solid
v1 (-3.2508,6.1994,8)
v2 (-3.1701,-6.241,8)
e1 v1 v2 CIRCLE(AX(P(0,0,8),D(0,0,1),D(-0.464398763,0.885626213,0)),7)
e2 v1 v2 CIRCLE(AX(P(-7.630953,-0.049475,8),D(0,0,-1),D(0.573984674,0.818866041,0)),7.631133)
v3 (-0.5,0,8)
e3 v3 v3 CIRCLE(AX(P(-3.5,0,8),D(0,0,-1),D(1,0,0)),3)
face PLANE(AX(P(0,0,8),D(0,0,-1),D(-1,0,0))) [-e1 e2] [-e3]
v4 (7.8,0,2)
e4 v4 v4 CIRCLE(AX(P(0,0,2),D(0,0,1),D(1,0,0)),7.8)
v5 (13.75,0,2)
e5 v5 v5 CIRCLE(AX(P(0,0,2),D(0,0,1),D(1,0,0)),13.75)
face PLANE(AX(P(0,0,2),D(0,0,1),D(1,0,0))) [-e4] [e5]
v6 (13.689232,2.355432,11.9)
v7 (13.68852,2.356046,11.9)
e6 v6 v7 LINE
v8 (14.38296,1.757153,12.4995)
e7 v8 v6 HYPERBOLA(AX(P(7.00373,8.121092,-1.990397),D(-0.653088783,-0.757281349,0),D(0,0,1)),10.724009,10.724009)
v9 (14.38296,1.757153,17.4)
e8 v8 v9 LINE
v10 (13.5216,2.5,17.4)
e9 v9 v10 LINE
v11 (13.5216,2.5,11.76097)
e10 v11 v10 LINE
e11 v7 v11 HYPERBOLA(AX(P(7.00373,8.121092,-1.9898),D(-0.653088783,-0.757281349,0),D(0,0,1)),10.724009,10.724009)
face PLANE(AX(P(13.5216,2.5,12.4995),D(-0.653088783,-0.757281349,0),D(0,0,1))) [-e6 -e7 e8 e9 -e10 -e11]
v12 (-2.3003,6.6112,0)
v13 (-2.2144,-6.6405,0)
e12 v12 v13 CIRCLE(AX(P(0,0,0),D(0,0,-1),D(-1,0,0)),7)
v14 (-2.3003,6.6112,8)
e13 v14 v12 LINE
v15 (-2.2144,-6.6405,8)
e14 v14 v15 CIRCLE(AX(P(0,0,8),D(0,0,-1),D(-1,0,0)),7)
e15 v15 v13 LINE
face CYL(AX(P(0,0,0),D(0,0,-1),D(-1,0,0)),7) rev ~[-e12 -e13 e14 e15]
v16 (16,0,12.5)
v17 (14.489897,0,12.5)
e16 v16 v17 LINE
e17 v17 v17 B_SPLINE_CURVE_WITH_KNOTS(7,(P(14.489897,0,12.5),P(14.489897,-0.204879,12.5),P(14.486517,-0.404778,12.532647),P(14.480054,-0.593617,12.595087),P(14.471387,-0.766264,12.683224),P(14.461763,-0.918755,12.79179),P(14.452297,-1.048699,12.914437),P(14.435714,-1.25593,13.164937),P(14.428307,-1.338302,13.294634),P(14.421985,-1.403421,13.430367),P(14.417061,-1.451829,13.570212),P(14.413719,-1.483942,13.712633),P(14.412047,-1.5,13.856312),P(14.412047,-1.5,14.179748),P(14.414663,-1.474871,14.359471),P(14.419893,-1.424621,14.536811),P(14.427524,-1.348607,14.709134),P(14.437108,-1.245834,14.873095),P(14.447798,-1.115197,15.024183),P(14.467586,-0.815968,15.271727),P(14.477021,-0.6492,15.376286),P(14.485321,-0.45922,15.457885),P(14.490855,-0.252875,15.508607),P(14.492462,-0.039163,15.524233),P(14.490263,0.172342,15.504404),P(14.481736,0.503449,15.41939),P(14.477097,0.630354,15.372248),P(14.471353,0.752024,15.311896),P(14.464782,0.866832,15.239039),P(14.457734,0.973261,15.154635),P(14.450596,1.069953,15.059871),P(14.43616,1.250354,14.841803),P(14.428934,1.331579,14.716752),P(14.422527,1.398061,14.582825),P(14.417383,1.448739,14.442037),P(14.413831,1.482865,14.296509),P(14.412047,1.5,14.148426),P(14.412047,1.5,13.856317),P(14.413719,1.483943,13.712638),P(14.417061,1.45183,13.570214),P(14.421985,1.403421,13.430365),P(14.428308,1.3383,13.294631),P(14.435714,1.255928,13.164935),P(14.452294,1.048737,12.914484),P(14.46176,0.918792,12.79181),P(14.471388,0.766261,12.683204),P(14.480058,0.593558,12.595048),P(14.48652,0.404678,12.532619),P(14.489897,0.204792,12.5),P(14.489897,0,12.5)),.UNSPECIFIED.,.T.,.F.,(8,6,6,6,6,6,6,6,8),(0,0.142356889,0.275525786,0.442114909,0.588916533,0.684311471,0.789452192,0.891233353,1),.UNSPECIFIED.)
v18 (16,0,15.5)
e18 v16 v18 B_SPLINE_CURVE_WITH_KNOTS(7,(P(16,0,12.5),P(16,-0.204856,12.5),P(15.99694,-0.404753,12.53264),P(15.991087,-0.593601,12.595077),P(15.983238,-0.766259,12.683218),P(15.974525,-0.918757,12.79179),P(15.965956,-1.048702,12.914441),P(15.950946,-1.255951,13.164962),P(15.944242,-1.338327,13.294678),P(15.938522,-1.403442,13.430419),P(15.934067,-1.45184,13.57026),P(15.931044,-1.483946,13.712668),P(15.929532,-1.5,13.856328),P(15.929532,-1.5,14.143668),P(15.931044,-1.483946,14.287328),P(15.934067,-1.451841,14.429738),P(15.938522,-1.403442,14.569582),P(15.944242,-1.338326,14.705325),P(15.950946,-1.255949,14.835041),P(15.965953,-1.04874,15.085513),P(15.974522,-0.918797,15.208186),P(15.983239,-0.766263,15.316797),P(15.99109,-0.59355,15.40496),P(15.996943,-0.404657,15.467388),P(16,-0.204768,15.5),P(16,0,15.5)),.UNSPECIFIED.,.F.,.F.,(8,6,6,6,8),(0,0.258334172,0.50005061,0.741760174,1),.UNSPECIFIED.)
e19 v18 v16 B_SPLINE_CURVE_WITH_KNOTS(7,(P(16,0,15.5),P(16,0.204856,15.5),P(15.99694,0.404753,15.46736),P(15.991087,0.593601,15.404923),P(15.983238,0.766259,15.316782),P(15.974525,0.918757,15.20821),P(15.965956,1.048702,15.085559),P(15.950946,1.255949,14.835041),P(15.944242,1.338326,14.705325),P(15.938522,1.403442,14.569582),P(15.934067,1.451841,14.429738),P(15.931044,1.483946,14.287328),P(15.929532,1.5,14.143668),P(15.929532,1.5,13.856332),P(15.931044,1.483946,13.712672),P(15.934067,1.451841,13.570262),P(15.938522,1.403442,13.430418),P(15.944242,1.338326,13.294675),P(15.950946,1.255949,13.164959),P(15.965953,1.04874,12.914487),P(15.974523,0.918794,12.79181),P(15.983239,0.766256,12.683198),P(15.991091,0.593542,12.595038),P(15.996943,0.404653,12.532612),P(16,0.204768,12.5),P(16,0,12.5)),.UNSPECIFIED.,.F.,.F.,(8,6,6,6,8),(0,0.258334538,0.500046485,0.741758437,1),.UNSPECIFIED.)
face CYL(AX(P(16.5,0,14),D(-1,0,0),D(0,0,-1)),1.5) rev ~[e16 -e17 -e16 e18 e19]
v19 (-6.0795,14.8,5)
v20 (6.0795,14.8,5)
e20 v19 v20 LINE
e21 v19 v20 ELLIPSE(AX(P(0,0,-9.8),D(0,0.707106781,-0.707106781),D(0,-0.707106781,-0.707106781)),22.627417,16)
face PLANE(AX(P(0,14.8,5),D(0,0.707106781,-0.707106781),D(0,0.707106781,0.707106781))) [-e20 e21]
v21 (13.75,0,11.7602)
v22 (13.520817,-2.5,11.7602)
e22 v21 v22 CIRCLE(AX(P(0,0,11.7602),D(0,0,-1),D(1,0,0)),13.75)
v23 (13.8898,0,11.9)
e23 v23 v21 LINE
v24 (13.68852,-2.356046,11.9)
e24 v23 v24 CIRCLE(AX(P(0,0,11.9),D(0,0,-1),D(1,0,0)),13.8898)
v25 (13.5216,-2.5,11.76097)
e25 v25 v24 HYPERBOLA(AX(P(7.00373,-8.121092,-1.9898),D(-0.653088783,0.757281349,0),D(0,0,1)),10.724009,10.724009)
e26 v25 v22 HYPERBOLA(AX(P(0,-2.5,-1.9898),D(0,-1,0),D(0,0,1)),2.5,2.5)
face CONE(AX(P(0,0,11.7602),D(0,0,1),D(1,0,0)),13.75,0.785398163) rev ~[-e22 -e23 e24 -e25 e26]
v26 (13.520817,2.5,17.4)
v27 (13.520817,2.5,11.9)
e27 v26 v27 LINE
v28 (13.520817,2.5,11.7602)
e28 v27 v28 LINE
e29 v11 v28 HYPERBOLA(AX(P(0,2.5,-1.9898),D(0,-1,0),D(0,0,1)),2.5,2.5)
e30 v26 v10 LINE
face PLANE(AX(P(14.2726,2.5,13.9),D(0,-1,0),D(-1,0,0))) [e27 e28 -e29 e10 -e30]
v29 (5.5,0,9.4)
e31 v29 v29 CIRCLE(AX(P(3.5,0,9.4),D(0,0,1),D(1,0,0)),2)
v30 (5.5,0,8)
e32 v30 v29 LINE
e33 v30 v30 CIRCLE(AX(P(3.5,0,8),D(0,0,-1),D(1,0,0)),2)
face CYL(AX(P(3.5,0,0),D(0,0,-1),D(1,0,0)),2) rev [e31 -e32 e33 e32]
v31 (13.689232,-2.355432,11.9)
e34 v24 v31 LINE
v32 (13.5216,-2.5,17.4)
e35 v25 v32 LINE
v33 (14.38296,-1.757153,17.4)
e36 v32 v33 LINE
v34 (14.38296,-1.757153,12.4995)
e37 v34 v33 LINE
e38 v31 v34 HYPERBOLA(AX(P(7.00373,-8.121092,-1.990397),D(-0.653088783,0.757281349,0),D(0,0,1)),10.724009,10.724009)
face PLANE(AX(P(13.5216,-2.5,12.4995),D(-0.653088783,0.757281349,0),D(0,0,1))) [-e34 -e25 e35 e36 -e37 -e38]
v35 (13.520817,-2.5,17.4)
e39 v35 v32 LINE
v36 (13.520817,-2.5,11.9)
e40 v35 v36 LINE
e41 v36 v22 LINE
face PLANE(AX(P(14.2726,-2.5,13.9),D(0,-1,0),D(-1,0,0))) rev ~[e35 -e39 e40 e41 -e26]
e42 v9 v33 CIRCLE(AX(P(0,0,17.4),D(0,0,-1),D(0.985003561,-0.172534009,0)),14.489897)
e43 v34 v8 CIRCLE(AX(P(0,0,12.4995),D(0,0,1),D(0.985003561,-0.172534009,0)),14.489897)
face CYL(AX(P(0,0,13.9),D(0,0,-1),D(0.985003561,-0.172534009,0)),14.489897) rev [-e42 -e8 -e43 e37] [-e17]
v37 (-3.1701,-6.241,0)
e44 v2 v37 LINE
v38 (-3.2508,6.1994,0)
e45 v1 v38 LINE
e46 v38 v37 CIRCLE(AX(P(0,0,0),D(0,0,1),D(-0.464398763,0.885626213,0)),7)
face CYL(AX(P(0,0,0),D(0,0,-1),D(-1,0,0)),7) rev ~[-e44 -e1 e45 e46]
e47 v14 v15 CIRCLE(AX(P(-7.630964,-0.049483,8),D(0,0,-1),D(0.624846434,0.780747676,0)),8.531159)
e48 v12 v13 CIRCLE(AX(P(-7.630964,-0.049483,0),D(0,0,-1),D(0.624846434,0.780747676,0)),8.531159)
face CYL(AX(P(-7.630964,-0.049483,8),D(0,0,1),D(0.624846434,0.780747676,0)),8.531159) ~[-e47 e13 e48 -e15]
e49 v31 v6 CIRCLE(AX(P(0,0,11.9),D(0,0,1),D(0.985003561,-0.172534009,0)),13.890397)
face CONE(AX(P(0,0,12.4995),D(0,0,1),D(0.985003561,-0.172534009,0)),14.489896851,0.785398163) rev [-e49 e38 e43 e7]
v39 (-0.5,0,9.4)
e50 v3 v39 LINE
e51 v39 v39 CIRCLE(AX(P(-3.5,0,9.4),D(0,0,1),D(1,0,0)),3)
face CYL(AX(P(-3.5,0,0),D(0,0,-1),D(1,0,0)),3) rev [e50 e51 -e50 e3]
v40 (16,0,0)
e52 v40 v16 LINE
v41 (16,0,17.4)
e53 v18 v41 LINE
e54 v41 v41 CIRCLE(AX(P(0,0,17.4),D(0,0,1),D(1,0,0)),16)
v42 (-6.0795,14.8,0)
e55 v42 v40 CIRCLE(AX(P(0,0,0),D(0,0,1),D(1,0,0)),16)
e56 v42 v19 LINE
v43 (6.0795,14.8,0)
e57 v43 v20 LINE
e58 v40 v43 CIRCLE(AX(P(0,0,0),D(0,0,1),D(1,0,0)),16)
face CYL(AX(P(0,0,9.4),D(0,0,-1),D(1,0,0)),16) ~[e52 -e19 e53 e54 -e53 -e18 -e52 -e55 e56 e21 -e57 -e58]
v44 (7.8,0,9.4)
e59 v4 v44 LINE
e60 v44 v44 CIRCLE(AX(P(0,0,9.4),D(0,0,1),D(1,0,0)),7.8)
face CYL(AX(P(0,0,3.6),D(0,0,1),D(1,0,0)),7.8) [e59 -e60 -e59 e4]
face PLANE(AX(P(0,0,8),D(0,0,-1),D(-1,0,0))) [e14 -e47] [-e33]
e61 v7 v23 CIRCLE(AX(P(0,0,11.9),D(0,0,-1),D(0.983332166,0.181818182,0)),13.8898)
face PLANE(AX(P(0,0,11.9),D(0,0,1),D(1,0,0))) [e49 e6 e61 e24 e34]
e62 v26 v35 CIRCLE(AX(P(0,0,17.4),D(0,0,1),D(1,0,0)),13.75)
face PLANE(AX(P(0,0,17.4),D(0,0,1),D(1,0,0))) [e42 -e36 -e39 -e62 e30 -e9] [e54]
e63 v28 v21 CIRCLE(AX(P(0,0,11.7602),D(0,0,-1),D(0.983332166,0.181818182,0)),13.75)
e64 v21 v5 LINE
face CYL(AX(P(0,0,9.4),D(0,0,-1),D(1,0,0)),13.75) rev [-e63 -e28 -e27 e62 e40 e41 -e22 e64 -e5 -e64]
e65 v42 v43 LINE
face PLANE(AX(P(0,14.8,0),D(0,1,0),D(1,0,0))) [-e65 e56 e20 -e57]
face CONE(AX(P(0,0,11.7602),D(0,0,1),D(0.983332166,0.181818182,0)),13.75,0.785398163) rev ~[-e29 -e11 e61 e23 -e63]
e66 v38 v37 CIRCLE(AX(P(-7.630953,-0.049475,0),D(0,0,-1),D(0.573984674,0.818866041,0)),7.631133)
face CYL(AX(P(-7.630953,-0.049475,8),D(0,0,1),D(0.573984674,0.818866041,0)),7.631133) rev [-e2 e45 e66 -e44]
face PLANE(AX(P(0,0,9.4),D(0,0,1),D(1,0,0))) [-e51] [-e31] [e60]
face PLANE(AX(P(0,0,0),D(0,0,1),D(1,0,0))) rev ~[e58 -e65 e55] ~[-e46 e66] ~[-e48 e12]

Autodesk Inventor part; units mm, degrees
ref_plane "XZ Plane" through (0, 0, 0) normal (0, 1, 0) x (-1, 0, 0)
sketch "Skizze1" plane through (0, 0, 0) normal (0, 0, 1) x (1, 0, 0)
  circle A0 centre (0, 0) radius 16
  circle A1 centre (-3.5, 0) radius 3
  circle A2 centre (3.5, 0) radius 2
  line L0 (-22.4, 0) -> (22.4, 0) construction
  line L1 (0, -22.4) -> (0, 22.4) construction
  circle A3 centre (0, 0) radius 3.5 construction
  dimension "d0" = 32
  dimension "d3" = 6
  dimension "d4" = 4
  dimension "d5" = 3.5
  dimension "d6" = 3.5
  dimension "d7" = 7
extrude "Extrusion1" add sketch "Skizze1" along normal blind 3.6
sketch "Skizze2" plane through (0, 0, 3.6) normal (0, 0, 1) x (1, 0, 0)
  circle A0 centre (0, 0) radius 16
  circle A1 centre (-3.5, 0) radius 3 projected
  circle A2 centre (-3.5, 0) radius 3
  circle A3 centre (3.5, 0) radius 2 projected
  circle A4 centre (3.5, 0) radius 2
  circle A5 centre (0, 0) radius 7.8
  circle A6 centre (0, 0) radius 13.75
  dimension "d10" = 15.6
  dimension "d11" = 27.5
  dimension "d12" = 4
  dimension "d13" = 32
  dimension "d14" = 6
extrude "Extrusion2" add sketch "Skizze2" along normal blind 5.8
sketch "Skizze4" plane through (0, 0, 0) normal (0, 0, -1) x (-1, 0, 0)
  circle A0 centre (0, 0) radius 7.8 construction
  circle A1 centre (3.5, 0) radius 3 construction
  circle A2 centre (-3.5, 0) radius 2 construction
  circle A3 centre (0, 0) radius 7
  dimension "d29" = 14
extrude "Extrusion4" cut sketch "Skizze4" against normal blind 8
sketch "Skizze5" plane through (0, 0, 8) normal (0, 0, -1) x (-1, 0, 0)
  circle A0 centre (-3.5, 0) radius 2 construction
  line L0 (-1.5, 0) -> (0.5, 0) construction
  circle A1 centre (3.5, 0) radius 3 construction
  line L1 (-0.5, -6.9821) -> (-0.5, 6.9821) construction
  circle A2 centre (0, 0) radius 7 construction
  circle A3 centre (0, 0) radius 7
  arc A4 (3.2508, 6.1994) -> (3.1701, -6.241) centre (7.631, -0.0495) ccw
  arc A5 (2.3003, 6.6112) -> (2.2144, -6.6405) centre (7.631, -0.0495) ccw
  point P0 (0.1, -6.9993)
  point P1 (0.1, 6.9993)
  point P2 (-1.1, -6.913)
  point P3 (-1.1, 6.913)
  dimension "d35" = 0
  dimension "d39" = 8.5312
  dimension "d40" = 7.6312
  dimension "d41" = 4
  dimension "d42" = 8.1311
  dimension "d43" = 0.0495
  dimension "d44" = 0.6
  dimension "d45" = 0.6
  dimension "d46" = 0.6
  dimension "d47" = 0.6
extrude "Extrusion5" add sketch "Skizze5" along normal blind 8 contours A4 A3 A5
sketch "Skizze6" plane through (0, 0, 3.6) normal (0, 0, 1) x (1, 0, 0)
  circle A0 centre (0, 0) radius 7.8 projected
  circle A1 centre (0, 0) radius 13.75 projected
extrude "Extrusion6" cut sketch "Skizze6" against normal blind 1.6
sketch "Skizze7" plane through (0, 0, 0) normal (0, 0, -1) x (-1, 0, 0)
  circle A0 centre (0, 0) radius 16 projected
  line L0 (0, 16) -> (0, 14.8) construction
  line L1 (0, 16) -> (1.2, 16) construction
  line L2 (0, 14.8) -> (-6.0795, 14.8)
  line L3 (0, 14.8) -> (6.0795, 14.8) construction
  line L4 (0, 14.8) -> (6.0795, 14.8)
  line L5 (0, 14.8) -> (6.0795, 14.8) construction
  point P0 (-0.8, 15.98)
  point P1 (0.8, 15.98)
  point P2 (0, 15.4)
  dimension "d50" = 1.2
  dimension "d51" = 90
  dimension "d70" = 1.18
  dimension "d71" = 1.18
extrude "Extrusion7" cut sketch "Skizze7" against normal blind 5 contours L4 L2 A0 picked at (-3.0593, 15.099)
sketch "Skizze8" plane through (0, 0, 9.4) normal (0, 0, 1) x (1, 0, 0)
  circle A0 centre (0, 0) radius 13.75
  circle A1 centre (0, 0) radius 16
  dimension "d55" = 27.5
  dimension "d56" = 32
extrude "Extrusion8" add sketch "Skizze8" along normal blind 8
ref_plane "Arbeitsebene1" through (16.5, 0, 0) normal (1, 0, 0) x (0, 1, 0)
sketch "Skizze9" plane through (16.5, 0, 0) normal (1, 0, 0) x (0, 1, 0)
  point P0 (0, 0)
  point P1 (0, 14)
  dimension "d67" = 14
hole "Bohrung1" at (16.5, 0, 14) direction (-1, 0, 0) diameter 3 depth 3.25
sketch "Skizze10" plane through (0, 0, 0) normal (1, 0, 0) x (0, 1, 0)
  line L0 (14.8, 5) -> (14.8, 0) projected
  line L1 (14.8, 5) -> (16.0125, 6.2125)
  line L2 (14.8, 5) -> (16.5147, 5) construction
  line L3 (16.0125, 6.2125) -> (16.1276, 4.8849)
  line L4 (16.1276, 4.8849) -> (14.8, 5)
  point P0 (0, 0)
  dimension "d72" = 45
  dimension "d73" = 4.955
  dimension "d74" = 85.045
  dimension "d75" = 1.3127
extrude "Extrusion9" cut sketch "Skizze10" against normal mid plane 29.25
ref_plane "Arbeitsebene2" through (0, 0, 13.9) normal (0, 0, 1) x (1, 0, 0)
sketch "Skizze11" plane through (0, 0, 13.9) normal (0, 0, 1) x (1, 0, 0)
  line L0 (13.6679, 1.5) -> (15.9295, 1.5) construction
  line L1 (13.6679, -1.5) -> (15.9295, -1.5) construction
  arc A0 (14.2726, -2.5) -> (14.2726, 2.5) centre (0, 0) ccw
  arc A1 (13.146, -2.5) -> (13.146, 2.5) centre (0, 0) ccw
  line L2 (14.2726, 2.5) -> (13.146, 2.5)
  line L3 (13.3816, 0) -> (15.9295, 0) construction
  line L4 (14.2726, -2.5) -> (13.146, -2.5)
  dimension "d79" = 14.4899
  dimension "d80" = 13.3816
  dimension "d81" = 4
  dimension "d82" = 1.5
extrude "Extrusion10" cut sketch "Skizze11" along normal blind 3.75 and the other way blind 2
chamfer "Fase3" distance 0.6 angle 45 1 edges at (14.4899, 0, 11.9)
chamfer "Fase4" distance 0.1398 angle 45 2 edges at (13.6926, -1.2552, 11.9) (13.6926, 1.2552, 11.9)
chamfer "Fase5" distance 0.751 angle 45 2 edges at (14.2726, 2.5, 14.95) (14.2726, -2.5, 14.95)
properties part number "Bottom" material "PC/ABS-Kunststoff"
